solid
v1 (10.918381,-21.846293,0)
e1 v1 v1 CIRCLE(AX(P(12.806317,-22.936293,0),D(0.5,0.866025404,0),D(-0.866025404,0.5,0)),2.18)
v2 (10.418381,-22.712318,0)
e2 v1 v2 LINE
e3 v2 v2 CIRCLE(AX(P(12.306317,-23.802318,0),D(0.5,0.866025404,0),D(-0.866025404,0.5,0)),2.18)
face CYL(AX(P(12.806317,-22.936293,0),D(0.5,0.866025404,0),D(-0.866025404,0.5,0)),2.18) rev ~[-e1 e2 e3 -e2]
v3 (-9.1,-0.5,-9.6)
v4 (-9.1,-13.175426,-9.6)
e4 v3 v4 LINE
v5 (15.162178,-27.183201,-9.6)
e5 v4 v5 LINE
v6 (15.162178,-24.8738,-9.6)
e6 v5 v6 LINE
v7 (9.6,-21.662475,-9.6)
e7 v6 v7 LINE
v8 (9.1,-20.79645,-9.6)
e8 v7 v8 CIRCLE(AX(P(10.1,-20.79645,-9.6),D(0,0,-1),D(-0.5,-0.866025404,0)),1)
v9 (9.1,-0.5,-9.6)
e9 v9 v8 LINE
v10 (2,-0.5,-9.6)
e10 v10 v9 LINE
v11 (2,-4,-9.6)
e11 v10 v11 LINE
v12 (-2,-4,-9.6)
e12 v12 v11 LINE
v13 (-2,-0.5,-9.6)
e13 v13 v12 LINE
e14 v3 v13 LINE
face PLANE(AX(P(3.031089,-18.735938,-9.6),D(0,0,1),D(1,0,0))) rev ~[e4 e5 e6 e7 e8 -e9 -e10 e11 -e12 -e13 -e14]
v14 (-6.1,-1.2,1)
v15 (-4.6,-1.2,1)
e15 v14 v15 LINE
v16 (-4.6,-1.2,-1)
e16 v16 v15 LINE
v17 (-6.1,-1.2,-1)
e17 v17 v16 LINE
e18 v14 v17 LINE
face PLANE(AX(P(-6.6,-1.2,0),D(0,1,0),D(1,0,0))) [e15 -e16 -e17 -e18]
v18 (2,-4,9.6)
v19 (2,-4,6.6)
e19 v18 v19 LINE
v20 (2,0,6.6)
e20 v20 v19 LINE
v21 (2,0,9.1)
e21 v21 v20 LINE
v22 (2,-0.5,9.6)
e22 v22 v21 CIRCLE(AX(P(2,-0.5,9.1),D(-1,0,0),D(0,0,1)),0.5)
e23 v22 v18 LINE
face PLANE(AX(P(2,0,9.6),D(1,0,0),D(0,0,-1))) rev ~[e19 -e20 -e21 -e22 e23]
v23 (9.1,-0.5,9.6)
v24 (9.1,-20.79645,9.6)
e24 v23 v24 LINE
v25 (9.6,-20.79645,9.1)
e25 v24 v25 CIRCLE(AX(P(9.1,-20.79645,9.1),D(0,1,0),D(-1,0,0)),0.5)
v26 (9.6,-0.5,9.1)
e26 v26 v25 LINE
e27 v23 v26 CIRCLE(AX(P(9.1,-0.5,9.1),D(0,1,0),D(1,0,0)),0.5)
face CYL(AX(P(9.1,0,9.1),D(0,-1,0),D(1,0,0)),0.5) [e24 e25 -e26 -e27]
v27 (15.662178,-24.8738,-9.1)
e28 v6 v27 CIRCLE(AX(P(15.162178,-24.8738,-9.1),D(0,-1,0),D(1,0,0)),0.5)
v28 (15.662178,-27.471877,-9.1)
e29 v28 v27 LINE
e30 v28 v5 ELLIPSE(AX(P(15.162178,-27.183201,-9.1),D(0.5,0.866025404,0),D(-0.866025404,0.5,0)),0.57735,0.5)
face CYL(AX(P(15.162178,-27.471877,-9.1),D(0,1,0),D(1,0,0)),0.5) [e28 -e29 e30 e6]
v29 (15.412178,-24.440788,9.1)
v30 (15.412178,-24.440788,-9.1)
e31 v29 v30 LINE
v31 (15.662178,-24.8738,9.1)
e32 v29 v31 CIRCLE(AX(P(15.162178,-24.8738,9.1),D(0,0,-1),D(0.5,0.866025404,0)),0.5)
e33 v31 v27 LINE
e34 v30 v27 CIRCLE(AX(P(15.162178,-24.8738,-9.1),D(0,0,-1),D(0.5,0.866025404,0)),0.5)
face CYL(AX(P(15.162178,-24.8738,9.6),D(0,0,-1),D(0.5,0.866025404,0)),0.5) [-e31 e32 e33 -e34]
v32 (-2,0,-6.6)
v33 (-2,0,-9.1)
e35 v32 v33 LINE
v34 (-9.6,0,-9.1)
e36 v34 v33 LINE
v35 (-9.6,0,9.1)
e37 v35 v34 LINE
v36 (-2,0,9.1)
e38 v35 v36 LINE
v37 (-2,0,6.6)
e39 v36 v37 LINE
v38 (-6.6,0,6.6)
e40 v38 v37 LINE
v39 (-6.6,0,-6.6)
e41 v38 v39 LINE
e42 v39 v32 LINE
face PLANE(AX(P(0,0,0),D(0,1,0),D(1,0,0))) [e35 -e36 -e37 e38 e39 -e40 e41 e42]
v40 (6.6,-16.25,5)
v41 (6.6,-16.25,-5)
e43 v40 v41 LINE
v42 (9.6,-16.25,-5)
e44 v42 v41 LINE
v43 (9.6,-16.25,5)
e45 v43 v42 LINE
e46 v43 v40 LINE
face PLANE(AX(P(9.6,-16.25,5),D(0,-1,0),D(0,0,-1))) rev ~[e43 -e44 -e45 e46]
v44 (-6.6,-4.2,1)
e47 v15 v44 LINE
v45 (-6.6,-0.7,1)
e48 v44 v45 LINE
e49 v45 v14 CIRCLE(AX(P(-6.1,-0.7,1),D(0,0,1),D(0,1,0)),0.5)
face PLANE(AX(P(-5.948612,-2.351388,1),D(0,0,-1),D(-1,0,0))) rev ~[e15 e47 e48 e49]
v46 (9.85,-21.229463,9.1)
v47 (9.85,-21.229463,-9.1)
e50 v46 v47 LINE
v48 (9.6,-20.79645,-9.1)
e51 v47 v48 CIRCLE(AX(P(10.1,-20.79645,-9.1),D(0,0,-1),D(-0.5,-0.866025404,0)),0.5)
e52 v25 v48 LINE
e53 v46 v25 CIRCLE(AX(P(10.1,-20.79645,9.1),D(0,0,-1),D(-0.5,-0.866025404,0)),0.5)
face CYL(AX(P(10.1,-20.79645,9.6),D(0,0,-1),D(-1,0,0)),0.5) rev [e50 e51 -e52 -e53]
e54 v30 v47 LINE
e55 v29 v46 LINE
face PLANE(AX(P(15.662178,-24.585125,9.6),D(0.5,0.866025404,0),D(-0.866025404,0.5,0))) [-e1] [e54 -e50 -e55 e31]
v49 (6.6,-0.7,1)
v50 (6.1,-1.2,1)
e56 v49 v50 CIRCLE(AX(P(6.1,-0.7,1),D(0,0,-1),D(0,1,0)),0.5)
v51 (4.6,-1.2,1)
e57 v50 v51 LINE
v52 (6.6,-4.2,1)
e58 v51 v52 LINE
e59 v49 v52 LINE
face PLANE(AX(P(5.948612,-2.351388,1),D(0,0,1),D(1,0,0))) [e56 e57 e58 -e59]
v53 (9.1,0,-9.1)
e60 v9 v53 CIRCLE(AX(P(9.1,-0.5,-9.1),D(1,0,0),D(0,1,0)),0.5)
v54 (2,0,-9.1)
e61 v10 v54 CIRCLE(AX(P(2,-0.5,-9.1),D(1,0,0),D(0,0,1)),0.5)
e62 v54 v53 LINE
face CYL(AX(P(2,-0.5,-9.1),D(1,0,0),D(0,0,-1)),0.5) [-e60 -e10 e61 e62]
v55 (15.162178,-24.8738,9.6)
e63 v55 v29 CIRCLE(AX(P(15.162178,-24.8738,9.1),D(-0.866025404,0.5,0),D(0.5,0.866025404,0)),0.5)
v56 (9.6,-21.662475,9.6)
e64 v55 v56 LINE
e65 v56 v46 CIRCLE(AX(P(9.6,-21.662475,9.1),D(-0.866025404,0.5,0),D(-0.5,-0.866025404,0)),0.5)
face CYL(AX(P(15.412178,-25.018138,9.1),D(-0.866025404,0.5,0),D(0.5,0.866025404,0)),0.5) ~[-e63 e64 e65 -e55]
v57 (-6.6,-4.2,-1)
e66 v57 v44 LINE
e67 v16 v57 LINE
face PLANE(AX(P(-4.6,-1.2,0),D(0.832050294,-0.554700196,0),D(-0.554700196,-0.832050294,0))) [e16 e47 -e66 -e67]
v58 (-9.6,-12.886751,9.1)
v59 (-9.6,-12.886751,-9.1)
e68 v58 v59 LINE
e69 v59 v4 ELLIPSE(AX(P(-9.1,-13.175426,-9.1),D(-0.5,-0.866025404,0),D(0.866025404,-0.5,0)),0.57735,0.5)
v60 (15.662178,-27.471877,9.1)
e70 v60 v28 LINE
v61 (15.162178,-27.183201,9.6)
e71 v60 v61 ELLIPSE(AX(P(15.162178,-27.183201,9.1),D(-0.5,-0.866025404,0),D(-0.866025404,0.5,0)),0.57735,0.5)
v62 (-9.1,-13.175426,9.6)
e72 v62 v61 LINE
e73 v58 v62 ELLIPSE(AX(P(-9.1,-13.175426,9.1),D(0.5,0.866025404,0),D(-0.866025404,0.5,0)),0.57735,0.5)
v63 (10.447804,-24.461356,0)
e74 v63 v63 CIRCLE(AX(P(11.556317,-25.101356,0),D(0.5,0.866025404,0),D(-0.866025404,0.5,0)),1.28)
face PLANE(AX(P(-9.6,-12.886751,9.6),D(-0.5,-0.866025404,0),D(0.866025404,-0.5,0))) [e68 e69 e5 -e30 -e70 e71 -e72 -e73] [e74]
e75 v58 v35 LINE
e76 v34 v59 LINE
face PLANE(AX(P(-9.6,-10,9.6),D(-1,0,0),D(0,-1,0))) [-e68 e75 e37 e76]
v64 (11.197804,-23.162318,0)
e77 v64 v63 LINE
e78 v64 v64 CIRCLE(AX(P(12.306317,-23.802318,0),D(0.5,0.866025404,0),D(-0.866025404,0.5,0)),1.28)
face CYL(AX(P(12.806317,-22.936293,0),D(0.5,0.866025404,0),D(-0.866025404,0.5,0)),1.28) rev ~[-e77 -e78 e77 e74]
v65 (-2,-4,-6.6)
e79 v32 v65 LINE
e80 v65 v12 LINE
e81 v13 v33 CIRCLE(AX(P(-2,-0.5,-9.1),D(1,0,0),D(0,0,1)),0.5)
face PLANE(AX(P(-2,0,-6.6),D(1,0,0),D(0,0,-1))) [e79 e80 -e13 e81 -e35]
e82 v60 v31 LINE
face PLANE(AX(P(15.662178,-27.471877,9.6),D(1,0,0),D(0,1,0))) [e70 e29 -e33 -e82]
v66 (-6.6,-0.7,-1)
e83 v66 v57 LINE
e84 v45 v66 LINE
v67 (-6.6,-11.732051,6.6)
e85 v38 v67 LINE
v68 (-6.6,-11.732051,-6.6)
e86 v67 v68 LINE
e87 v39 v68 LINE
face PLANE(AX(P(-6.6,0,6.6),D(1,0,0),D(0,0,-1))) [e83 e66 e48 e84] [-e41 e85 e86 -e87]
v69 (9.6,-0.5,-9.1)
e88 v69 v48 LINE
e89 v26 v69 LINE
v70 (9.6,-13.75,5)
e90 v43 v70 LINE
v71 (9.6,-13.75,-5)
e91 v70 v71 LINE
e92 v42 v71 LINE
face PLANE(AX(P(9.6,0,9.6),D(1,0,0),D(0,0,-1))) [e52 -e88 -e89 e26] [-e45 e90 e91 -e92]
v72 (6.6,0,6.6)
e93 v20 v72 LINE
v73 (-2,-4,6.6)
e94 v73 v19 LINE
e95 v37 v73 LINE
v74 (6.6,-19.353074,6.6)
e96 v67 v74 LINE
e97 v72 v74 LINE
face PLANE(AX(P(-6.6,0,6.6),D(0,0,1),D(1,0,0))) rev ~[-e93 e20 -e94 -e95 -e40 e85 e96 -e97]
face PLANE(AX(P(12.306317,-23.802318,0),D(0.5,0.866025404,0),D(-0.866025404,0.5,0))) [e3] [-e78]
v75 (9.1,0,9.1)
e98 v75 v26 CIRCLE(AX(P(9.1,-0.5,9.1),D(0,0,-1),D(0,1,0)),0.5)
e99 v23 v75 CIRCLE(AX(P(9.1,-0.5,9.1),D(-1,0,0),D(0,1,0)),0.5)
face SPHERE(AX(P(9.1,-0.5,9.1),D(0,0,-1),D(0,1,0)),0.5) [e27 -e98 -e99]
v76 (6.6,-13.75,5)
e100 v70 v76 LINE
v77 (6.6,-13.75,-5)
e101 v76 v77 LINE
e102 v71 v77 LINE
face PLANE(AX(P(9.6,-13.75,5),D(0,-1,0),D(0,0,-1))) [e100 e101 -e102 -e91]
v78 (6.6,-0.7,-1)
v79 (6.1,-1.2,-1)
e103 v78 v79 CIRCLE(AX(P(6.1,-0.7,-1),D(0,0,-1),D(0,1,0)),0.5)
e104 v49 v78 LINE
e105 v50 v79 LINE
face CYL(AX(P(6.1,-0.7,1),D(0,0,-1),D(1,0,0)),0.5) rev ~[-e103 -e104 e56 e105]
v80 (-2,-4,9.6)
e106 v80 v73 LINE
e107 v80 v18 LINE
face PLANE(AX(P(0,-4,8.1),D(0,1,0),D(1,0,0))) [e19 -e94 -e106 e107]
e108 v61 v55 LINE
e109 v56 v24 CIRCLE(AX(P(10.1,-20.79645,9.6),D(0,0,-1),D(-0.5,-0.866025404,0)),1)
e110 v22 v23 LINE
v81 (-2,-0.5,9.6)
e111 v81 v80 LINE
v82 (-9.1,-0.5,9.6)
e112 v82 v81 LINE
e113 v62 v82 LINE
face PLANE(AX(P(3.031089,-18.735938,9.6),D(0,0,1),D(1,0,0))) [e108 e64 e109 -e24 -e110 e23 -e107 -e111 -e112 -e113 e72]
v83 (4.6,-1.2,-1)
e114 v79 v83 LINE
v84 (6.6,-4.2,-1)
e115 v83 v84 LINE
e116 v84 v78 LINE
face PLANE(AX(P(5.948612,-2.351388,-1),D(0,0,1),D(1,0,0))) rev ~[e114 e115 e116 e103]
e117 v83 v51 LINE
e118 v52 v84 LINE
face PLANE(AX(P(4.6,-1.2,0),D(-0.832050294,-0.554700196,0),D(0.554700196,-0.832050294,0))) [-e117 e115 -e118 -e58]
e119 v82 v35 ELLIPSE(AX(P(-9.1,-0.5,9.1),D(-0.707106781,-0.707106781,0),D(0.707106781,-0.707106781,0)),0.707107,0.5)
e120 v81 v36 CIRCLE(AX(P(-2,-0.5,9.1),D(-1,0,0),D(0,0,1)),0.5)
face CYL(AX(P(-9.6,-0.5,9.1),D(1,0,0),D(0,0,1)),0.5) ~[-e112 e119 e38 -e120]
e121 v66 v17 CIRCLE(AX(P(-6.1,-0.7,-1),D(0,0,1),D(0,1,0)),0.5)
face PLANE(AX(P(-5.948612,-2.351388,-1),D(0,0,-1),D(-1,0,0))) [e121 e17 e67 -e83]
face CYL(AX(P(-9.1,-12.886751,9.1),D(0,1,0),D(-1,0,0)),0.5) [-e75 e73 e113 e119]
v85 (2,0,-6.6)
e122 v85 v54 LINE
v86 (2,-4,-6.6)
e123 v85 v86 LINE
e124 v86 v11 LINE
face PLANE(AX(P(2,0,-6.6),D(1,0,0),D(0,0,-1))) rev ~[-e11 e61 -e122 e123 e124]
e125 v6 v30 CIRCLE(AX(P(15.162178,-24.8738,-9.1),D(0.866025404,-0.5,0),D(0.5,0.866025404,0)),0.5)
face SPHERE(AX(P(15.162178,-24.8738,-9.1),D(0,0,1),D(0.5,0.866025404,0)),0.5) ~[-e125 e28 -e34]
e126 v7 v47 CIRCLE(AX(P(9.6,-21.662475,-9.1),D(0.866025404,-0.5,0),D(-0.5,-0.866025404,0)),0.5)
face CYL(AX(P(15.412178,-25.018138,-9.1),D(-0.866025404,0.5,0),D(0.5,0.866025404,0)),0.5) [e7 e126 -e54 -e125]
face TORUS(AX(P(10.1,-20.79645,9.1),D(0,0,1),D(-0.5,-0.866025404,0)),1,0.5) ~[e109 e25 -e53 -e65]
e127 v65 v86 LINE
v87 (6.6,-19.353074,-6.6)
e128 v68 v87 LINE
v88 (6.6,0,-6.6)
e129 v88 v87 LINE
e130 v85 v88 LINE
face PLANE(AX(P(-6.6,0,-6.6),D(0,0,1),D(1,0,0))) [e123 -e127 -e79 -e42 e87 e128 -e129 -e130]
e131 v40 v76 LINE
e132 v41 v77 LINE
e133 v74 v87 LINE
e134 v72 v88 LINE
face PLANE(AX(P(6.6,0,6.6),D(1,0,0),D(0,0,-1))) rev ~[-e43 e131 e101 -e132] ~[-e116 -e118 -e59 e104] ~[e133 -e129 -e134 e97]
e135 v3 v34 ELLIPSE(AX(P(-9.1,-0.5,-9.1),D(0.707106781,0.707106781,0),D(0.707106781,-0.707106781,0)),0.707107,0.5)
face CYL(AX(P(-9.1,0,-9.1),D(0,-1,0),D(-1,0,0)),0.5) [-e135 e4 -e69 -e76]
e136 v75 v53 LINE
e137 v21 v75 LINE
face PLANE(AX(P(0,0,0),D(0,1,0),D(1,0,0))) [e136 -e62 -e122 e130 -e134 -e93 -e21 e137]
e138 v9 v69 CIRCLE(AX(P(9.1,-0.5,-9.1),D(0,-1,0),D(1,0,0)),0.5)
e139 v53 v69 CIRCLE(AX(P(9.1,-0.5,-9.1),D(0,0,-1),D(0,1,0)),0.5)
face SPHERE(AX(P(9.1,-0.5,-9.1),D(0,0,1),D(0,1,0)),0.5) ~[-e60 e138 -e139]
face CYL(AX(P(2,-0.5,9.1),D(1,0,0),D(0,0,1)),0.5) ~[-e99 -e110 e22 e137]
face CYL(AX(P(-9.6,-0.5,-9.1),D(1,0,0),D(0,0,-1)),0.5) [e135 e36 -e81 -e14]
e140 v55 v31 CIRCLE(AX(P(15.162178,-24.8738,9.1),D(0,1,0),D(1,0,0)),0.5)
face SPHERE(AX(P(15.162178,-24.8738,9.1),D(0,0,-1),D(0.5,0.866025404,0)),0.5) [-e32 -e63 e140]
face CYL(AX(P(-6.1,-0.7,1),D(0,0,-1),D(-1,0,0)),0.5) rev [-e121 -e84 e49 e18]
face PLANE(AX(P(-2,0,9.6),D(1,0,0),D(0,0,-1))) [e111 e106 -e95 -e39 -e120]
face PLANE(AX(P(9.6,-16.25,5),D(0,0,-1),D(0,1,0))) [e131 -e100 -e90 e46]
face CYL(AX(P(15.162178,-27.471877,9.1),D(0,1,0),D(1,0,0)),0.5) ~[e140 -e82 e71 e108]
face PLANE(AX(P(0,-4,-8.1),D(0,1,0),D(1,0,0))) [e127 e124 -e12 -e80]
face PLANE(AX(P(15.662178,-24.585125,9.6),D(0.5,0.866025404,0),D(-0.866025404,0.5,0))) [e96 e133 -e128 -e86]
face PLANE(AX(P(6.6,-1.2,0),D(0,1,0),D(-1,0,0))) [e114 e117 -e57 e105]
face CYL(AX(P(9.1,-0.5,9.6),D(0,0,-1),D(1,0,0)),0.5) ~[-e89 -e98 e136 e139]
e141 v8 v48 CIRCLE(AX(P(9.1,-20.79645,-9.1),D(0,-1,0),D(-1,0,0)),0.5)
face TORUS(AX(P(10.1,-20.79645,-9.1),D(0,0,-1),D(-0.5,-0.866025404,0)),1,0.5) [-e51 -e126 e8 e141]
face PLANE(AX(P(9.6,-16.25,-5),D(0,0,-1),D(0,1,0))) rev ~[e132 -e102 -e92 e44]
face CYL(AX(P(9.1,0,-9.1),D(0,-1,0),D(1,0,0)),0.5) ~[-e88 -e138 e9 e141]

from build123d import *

# Parameters (mm, degrees)
SKETCH1_W           = 19.2
SKETCH1_H           = 19.2
SKETCH1_W_2         = 13.2
SKETCH1_H_2         = 13.2
BOSS_EXTRUDE1_DEPTH = 30
CUT_EXTRUDE1_DEPTH  = 30
BOSS_EXTRUDE2_DEPTH = 19.2
SKETCH4_R           = 1.28
CUT_EXTRUDE2_DEPTH  = 30
SKETCH5_R           = 2.18
CUT_EXTRUDE3_DEPTH  = 1
SKETCH6_W           = 10
SKETCH6_H           = 2.5
CUT_EXTRUDE4_DEPTH  = 3
BOSS_EXTRUDE3_DEPTH = 1
SKETCH8_W           = 4
SKETCH8_H           = 3
CUT_EXTRUDE5_DEPTH  = 4
FILLET1_R           = 0.5
FILLET2_R           = 0.5


with BuildPart() as part:
    # Sketch1 → Boss-Extrude1 (new body)
    with BuildSketch(Plane(origin=(0, 0, 0), x_dir=(1, 0, 0), z_dir=(0, 1, 0))):
        Rectangle(SKETCH1_W, SKETCH1_H)
        Rectangle(SKETCH1_W_2, SKETCH1_H_2, mode=Mode.SUBTRACT)
    extrude(amount=-BOSS_EXTRUDE1_DEPTH)

    # Sketch2 → Cut-Extrude1 (cut)
    with BuildSketch(Plane.XY.offset(9.6)):
        Polygon((-9.6, -30), (-9.6, -10), (25.041016151, -30), align=None)
    extrude(amount=-CUT_EXTRUDE1_DEPTH, mode=Mode.SUBTRACT)

    # Sketch3 → Boss-Extrude2 (add)
    with BuildSketch(Plane.XY.offset(9.6)):
        Polygon((-9.6, -10), (-9.6, -12.886751346), (15.662177826, -27.471876514), (15.662177826, -24.585125168), align=None)
    extrude(amount=-BOSS_EXTRUDE2_DEPTH)

    # Sketch4 → Cut-Extrude2 (cut)
    with BuildSketch(Plane(origin=(-6.730127019, -11.656921938, 0), x_dir=(0.866025404, -0.5, 0), z_dir=(0.5, 0.866025404, 0))):
        with Locations(Location((22.558741962, 0, 0), (0, 0, 180))):  # turned: the seam where the file's is
            Circle(SKETCH4_R)
    extrude(amount=-CUT_EXTRUDE2_DEPTH, mode=Mode.SUBTRACT)

    # Sketch5 → Cut-Extrude3 (cut)
    with BuildSketch(Plane(origin=(-6.730127019, -11.656921938, 0), x_dir=(0.866025404, -0.5, 0), z_dir=(0.5, 0.866025404, 0))):
        with Locations(Location((22.558741962, 0, 0), (0, 0, 180))):  # turned: the seam where the file's is
            Circle(SKETCH5_R)
    extrude(amount=-CUT_EXTRUDE3_DEPTH, mode=Mode.SUBTRACT)

    # Sketch6 → Cut-Extrude4 (cut)
    with BuildSketch(Plane(origin=(9.6, 0, 0), x_dir=(0, 0, -1), z_dir=(1, 0, 0))):
        with Locations((0, -15)):
            Rectangle(SKETCH6_W, SKETCH6_H)
    extrude(amount=-CUT_EXTRUDE4_DEPTH, mode=Mode.SUBTRACT)

    # Sketch7 → Boss-Extrude3 (add, symmetric)
    with BuildSketch(Plane.XY):
        Polygon((-6.6, -4.2), (-6.6, -1.2), (-4.6, -1.2), align=None)
        Polygon((6.6, -1.2), (4.6, -1.2), (6.6, -4.2), align=None)
    extrude(amount=BOSS_EXTRUDE3_DEPTH, both=True)

    # Sketch8 → Cut-Extrude5 (cut)
    with BuildSketch(Plane(origin=(0, 0, 0), x_dir=(1, 0, 0), z_dir=(0, 1, 0))):
        with Locations((0, 8.1)):
            Rectangle(SKETCH8_W, SKETCH8_H)
        with Locations((0, -8.1)):
            Rectangle(SKETCH8_W, SKETCH8_H)
    extrude(amount=-CUT_EXTRUDE5_DEPTH, mode=Mode.SUBTRACT)

    # Fillet1
    fillet1_edges = [part.edges().sort_by_distance(p)[0] for p in [
        (-6.6, -1.2, 0),
        (6.6, -1.2, 0),
    ]]
    fillet(fillet1_edges, radius=FILLET1_R)

    # Fillet2
    fillet2_edges = [part.edges().sort_by_distance(p)[0] for p in [
        (-5.8, 0, -9.6),
        (9.6, 0, 0),
        (-5.8, 0, 9.6),
        (5.8, 0, 9.6),
        (5.8, 0, -9.6),
        (-9.6, -6.443375673, 9.6),
        (9.6, -10.542562584, 9.6),
        (9.6, -10.542562584, -9.6),
        (-9.6, -6.443375673, -9.6),
        (9.6, -21.085125168, 0),
        (15.662177826, -24.585125168, 0),
        (12.631088913, -22.835125168, 9.6),
        (15.662177826, -26.028500841, 9.6),
        (12.631088913, -22.835125168, -9.6),
        (15.662177826, -26.028500841, -9.6),
    ]]
    fillet(fillet2_edges, radius=FILLET2_R)


solid = part.part
